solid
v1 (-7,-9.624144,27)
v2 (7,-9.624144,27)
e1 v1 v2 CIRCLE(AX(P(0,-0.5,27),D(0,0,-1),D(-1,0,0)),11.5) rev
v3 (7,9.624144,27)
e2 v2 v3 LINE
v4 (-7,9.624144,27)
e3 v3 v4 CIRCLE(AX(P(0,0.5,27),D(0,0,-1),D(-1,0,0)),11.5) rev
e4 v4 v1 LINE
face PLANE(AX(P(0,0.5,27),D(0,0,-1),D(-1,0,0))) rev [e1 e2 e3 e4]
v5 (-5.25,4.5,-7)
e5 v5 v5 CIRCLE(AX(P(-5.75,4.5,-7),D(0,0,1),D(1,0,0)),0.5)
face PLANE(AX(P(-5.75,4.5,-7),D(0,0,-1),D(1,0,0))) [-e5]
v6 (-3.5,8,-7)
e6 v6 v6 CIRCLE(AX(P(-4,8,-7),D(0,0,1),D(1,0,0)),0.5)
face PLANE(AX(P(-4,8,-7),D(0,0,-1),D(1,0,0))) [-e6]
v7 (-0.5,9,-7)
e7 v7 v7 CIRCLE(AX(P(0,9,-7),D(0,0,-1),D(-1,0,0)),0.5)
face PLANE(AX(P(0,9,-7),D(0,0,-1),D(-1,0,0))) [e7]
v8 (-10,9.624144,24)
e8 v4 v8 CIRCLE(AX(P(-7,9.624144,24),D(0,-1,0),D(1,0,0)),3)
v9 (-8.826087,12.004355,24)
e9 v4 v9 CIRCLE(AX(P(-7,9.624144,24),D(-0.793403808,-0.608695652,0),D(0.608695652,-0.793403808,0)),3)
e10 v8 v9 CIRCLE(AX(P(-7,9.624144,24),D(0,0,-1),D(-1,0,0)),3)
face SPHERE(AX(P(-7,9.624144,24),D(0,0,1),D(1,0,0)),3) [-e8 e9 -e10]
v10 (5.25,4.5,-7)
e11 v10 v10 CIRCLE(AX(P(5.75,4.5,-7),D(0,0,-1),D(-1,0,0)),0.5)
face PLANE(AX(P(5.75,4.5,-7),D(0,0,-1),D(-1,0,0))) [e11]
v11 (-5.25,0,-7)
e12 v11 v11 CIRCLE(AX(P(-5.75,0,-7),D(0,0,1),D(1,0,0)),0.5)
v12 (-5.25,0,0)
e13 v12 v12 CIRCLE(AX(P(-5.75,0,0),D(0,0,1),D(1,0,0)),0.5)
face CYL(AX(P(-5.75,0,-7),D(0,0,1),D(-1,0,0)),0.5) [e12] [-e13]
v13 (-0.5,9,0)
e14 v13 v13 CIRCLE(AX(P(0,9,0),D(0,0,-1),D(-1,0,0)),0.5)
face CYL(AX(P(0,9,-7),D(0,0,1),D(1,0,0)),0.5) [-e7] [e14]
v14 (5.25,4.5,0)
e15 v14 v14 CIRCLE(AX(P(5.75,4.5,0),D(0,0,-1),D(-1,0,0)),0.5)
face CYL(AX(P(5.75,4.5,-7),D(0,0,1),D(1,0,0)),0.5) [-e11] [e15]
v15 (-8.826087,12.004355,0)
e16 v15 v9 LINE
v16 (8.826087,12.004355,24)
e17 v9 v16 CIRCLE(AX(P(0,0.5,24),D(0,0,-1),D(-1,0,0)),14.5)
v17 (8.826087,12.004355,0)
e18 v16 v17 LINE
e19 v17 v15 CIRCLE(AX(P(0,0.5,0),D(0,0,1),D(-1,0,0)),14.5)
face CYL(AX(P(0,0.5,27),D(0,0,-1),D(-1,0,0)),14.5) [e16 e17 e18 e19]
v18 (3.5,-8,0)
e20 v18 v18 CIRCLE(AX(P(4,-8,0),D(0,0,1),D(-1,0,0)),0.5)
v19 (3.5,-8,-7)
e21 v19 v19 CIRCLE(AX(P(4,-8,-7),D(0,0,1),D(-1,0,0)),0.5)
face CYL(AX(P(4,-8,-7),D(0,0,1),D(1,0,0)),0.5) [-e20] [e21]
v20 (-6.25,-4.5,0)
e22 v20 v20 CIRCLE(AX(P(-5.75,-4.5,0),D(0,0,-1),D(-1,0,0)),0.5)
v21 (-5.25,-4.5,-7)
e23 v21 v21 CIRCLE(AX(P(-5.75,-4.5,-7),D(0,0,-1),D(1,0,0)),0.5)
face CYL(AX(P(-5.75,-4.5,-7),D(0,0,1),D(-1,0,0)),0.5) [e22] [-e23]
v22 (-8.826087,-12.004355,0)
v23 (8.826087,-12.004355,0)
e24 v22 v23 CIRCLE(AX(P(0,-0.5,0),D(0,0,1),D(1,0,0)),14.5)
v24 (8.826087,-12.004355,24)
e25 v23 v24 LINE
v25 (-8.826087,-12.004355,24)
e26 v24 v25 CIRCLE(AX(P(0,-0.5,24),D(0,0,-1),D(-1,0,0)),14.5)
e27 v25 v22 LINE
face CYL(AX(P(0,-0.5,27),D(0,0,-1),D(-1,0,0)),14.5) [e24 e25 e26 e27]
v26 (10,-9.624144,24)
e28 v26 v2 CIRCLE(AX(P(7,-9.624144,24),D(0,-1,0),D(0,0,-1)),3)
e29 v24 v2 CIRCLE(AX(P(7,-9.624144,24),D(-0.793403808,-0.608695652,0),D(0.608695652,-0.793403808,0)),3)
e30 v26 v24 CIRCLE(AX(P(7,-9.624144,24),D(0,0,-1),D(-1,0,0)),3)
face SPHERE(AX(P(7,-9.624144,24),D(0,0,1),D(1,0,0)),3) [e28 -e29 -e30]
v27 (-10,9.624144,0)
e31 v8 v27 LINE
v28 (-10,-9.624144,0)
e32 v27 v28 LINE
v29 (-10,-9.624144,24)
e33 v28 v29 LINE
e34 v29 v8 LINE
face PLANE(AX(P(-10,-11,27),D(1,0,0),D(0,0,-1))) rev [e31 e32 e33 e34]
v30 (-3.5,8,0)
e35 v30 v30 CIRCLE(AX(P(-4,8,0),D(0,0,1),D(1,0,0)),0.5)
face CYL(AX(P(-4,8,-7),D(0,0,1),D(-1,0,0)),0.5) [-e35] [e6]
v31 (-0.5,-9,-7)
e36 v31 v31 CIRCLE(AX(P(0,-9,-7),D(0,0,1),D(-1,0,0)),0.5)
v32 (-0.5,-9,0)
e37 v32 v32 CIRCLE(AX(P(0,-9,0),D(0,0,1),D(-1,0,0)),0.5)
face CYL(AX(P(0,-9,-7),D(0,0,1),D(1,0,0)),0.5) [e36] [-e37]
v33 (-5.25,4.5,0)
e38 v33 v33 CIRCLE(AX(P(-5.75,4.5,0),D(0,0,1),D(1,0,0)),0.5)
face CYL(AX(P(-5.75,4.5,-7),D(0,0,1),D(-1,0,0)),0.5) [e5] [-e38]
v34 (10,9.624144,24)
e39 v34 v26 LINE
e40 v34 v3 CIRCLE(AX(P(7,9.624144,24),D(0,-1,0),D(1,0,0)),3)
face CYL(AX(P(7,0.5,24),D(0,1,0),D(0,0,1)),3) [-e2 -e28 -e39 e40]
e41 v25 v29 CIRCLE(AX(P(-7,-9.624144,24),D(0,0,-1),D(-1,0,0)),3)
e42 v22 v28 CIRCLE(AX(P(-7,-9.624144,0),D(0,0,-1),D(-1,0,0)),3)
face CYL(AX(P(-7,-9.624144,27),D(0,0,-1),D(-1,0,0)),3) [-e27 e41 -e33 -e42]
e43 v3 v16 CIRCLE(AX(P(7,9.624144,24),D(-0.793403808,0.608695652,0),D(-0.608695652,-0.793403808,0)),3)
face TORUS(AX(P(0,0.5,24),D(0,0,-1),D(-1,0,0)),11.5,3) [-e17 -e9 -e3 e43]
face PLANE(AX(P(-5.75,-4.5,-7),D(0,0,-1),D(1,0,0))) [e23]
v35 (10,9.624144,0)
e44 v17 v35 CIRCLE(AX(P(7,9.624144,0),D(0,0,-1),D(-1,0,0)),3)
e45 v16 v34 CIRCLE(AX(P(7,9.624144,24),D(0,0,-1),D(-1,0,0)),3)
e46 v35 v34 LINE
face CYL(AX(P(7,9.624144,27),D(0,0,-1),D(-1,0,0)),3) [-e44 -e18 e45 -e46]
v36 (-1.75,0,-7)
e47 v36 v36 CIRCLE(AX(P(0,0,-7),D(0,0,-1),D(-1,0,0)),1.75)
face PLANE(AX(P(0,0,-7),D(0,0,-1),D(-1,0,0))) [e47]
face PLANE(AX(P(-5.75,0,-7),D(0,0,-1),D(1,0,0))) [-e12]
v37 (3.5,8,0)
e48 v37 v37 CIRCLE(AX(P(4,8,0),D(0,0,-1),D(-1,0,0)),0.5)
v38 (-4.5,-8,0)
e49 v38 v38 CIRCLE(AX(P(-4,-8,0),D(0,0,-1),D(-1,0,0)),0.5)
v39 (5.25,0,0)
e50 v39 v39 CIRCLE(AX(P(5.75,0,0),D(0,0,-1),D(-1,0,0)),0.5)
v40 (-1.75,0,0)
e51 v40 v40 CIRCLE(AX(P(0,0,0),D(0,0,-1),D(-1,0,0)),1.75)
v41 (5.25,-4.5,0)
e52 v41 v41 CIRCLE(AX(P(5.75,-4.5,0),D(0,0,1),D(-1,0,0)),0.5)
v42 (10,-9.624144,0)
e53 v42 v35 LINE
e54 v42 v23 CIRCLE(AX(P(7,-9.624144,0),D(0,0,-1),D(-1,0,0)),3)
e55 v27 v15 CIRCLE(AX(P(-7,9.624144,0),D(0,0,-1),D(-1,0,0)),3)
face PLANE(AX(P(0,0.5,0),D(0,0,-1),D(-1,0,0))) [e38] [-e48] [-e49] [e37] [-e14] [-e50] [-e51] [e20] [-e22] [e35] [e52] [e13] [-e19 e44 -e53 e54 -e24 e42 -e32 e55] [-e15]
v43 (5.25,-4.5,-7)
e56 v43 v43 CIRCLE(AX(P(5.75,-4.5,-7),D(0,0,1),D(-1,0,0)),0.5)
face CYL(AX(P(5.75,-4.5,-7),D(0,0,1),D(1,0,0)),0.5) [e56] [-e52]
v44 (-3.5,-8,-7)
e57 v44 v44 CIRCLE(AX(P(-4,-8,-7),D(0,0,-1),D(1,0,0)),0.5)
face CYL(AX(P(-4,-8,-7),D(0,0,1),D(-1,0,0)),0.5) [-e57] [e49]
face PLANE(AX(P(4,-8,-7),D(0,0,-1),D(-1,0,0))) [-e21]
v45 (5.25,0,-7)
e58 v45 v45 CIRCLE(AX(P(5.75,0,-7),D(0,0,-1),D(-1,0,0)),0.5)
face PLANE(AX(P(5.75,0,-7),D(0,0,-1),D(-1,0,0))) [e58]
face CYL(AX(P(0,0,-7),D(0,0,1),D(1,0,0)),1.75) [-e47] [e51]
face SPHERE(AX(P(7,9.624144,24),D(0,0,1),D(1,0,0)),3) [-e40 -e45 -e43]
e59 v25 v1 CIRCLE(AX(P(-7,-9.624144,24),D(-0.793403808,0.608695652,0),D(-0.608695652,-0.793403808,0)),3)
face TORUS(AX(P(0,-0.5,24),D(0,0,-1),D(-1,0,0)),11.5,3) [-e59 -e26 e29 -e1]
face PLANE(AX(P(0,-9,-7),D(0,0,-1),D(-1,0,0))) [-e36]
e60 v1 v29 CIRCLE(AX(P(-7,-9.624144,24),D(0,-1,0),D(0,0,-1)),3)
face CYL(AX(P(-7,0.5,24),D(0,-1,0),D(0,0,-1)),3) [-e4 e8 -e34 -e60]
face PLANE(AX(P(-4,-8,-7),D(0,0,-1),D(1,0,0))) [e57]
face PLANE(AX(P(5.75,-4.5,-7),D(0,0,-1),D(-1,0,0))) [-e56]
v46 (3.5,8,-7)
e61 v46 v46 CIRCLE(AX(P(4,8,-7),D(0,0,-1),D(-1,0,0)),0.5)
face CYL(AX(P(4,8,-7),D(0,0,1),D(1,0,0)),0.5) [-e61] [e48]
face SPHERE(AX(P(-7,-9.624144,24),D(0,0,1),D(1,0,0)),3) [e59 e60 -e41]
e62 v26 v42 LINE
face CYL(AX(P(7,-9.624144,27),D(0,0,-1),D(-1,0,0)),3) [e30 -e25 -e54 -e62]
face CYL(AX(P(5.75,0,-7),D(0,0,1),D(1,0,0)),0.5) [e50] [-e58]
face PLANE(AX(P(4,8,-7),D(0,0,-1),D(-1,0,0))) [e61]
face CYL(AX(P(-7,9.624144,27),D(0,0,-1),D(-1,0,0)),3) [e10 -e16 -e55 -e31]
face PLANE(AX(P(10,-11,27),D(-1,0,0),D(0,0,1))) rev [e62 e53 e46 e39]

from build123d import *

# Parameters (mm, degrees)
BOSS_EXTRUDE1_DEPTH   = 27
FILLET1_R             = 3
FILLET2_R             = 3
SKETCH3_R             = 1.75
BOSS_EXTRUDE2_DEPTH   = 7
SKETCH4_R             = 0.5
BOSS_EXTRUDE3_DEPTH   = 7
BOSS_EXTRUDE3_2_DEPTH = 7
BOSS_EXTRUDE3_3_DEPTH = 7
BOSS_EXTRUDE3_4_DEPTH = 7


with BuildPart() as part:
    # Sketch1 → Boss-Extrude1 (new body)
    with BuildSketch(Plane.XY):
        with BuildLine():
            Line((-10, -11), (-10, 11))
            ThreePointArc((-10, 11), (0, 15), (10, 11))
            Line((10, 11), (10, -11))
            ThreePointArc((10, -11), (0, -15), (-10, -11))
        make_face()
    extrude(amount=BOSS_EXTRUDE1_DEPTH)

    # Fillet1
    fillet1_edges = [part.edges().sort_by_distance(p)[0] for p in [
        (10, 11, 13.5),
        (10, -11, 13.5),
        (-10, -11, 13.5),
        (-10, 11, 13.5),
    ]]
    fillet(fillet1_edges, radius=FILLET1_R)

    # Fillet2
    fillet2_edges = [part.edges().sort_by_distance(p)[0] for p in [
        (10, 0, 27),
        (0, -15, 27),
        (0, 15, 27),
        (-10, 0, 27),
        (9.690563219, 10.951121401, 27),
        (-9.690563219, 10.951121401, 27),
        (-9.690563219, -10.951121401, 27),
        (9.690563219, -10.951121401, 27),
    ]]
    fillet(fillet2_edges, radius=FILLET2_R)

    # Sketch3 → Boss-Extrude2 (add)
    with BuildSketch(Plane(origin=(0, 0, 0), x_dir=(-1, 0, 0), z_dir=(0, 0, -1))):
        Circle(SKETCH3_R)
    extrude(amount=BOSS_EXTRUDE2_DEPTH)


with BuildPart() as body_2:
    # Sketch4 → Boss-Extrude3 (new body)
    with BuildSketch(Plane(origin=(0, 0, 0), x_dir=(-1, 0, 0), z_dir=(0, 0, -1))):
        with Locations((-5.75, 0)):
            Circle(SKETCH4_R)
    extrude(amount=BOSS_EXTRUDE3_DEPTH)


with BuildPart() as body_3:
    # Sketch4 → Boss-Extrude3 2 (new body)
    with BuildSketch(Plane(origin=(0, 0, 0), x_dir=(-1, 0, 0), z_dir=(0, 0, -1))):
        with Locations((-5.75, 4.5)):
            Circle(SKETCH4_R)
    extrude(amount=BOSS_EXTRUDE3_2_DEPTH)


with BuildPart() as body_4:
    # Sketch4 → Boss-Extrude3 3 (new body)
    with BuildSketch(Plane(origin=(0, 0, 0), x_dir=(-1, 0, 0), z_dir=(0, 0, -1))):
        with Locations((-4, 8)):
            Circle(SKETCH4_R)
    extrude(amount=BOSS_EXTRUDE3_3_DEPTH)


with BuildPart() as body_5:
    # Sketch4 → Boss-Extrude3 4 (new body)
    with BuildSketch(Plane(origin=(0, 0, 0), x_dir=(-1, 0, 0), z_dir=(0, 0, -1))):
        with Locations((0, 9)):
            Circle(SKETCH4_R)
    extrude(amount=BOSS_EXTRUDE3_4_DEPTH)


with BuildPart() as body_6:
    # Mirror1: mirrored copy
    add(body_4.part.mirror(Plane(origin=(0, 0, 0), x_dir=(0, 0, 1), z_dir=(1, 0, 0))))


with BuildPart() as body_7:
    # Mirror1 2: mirrored copy
    add(body_3.part.mirror(Plane(origin=(0, 0, 0), x_dir=(0, 0, 1), z_dir=(1, 0, 0))))


with BuildPart() as body_8:
    # Mirror1 3: mirrored copy
    add(body_2.part.mirror(Plane(origin=(0, 0, 0), x_dir=(0, 0, 1), z_dir=(1, 0, 0))))


with BuildPart() as body_9:
    # Mirror2: mirrored copy
    add(body_3.part.mirror(Plane.ZX))


with BuildPart() as body_10:
    # Mirror2 2: mirrored copy
    add(body_4.part.mirror(Plane.ZX))


with BuildPart() as body_11:
    # Mirror2 3: mirrored copy
    add(body_5.part.mirror(Plane.ZX))


with BuildPart() as body_12:
    # Mirror2 4: mirrored copy
    add(body_6.part.mirror(Plane.ZX))


with BuildPart() as body_13:
    # Mirror2 5: mirrored copy
    add(body_7.part.mirror(Plane.ZX))


with BuildPart() as body_2_1:
    add(body_2.part)

    # Combine1: union body 5, body 7, body 9, body 13, body 3, body 6, body 12, body 4, body 11, body 8, body 10, part
    add(body_5.part)
    add(body_7.part)
    add(body_9.part)
    add(body_13.part)
    add(body_3.part)
    add(body_6.part)
    add(body_12.part)
    add(body_4.part)
    add(body_11.part)
    add(body_8.part)
    add(body_10.part)
    add(part.part)


solid = body_2_1.part
